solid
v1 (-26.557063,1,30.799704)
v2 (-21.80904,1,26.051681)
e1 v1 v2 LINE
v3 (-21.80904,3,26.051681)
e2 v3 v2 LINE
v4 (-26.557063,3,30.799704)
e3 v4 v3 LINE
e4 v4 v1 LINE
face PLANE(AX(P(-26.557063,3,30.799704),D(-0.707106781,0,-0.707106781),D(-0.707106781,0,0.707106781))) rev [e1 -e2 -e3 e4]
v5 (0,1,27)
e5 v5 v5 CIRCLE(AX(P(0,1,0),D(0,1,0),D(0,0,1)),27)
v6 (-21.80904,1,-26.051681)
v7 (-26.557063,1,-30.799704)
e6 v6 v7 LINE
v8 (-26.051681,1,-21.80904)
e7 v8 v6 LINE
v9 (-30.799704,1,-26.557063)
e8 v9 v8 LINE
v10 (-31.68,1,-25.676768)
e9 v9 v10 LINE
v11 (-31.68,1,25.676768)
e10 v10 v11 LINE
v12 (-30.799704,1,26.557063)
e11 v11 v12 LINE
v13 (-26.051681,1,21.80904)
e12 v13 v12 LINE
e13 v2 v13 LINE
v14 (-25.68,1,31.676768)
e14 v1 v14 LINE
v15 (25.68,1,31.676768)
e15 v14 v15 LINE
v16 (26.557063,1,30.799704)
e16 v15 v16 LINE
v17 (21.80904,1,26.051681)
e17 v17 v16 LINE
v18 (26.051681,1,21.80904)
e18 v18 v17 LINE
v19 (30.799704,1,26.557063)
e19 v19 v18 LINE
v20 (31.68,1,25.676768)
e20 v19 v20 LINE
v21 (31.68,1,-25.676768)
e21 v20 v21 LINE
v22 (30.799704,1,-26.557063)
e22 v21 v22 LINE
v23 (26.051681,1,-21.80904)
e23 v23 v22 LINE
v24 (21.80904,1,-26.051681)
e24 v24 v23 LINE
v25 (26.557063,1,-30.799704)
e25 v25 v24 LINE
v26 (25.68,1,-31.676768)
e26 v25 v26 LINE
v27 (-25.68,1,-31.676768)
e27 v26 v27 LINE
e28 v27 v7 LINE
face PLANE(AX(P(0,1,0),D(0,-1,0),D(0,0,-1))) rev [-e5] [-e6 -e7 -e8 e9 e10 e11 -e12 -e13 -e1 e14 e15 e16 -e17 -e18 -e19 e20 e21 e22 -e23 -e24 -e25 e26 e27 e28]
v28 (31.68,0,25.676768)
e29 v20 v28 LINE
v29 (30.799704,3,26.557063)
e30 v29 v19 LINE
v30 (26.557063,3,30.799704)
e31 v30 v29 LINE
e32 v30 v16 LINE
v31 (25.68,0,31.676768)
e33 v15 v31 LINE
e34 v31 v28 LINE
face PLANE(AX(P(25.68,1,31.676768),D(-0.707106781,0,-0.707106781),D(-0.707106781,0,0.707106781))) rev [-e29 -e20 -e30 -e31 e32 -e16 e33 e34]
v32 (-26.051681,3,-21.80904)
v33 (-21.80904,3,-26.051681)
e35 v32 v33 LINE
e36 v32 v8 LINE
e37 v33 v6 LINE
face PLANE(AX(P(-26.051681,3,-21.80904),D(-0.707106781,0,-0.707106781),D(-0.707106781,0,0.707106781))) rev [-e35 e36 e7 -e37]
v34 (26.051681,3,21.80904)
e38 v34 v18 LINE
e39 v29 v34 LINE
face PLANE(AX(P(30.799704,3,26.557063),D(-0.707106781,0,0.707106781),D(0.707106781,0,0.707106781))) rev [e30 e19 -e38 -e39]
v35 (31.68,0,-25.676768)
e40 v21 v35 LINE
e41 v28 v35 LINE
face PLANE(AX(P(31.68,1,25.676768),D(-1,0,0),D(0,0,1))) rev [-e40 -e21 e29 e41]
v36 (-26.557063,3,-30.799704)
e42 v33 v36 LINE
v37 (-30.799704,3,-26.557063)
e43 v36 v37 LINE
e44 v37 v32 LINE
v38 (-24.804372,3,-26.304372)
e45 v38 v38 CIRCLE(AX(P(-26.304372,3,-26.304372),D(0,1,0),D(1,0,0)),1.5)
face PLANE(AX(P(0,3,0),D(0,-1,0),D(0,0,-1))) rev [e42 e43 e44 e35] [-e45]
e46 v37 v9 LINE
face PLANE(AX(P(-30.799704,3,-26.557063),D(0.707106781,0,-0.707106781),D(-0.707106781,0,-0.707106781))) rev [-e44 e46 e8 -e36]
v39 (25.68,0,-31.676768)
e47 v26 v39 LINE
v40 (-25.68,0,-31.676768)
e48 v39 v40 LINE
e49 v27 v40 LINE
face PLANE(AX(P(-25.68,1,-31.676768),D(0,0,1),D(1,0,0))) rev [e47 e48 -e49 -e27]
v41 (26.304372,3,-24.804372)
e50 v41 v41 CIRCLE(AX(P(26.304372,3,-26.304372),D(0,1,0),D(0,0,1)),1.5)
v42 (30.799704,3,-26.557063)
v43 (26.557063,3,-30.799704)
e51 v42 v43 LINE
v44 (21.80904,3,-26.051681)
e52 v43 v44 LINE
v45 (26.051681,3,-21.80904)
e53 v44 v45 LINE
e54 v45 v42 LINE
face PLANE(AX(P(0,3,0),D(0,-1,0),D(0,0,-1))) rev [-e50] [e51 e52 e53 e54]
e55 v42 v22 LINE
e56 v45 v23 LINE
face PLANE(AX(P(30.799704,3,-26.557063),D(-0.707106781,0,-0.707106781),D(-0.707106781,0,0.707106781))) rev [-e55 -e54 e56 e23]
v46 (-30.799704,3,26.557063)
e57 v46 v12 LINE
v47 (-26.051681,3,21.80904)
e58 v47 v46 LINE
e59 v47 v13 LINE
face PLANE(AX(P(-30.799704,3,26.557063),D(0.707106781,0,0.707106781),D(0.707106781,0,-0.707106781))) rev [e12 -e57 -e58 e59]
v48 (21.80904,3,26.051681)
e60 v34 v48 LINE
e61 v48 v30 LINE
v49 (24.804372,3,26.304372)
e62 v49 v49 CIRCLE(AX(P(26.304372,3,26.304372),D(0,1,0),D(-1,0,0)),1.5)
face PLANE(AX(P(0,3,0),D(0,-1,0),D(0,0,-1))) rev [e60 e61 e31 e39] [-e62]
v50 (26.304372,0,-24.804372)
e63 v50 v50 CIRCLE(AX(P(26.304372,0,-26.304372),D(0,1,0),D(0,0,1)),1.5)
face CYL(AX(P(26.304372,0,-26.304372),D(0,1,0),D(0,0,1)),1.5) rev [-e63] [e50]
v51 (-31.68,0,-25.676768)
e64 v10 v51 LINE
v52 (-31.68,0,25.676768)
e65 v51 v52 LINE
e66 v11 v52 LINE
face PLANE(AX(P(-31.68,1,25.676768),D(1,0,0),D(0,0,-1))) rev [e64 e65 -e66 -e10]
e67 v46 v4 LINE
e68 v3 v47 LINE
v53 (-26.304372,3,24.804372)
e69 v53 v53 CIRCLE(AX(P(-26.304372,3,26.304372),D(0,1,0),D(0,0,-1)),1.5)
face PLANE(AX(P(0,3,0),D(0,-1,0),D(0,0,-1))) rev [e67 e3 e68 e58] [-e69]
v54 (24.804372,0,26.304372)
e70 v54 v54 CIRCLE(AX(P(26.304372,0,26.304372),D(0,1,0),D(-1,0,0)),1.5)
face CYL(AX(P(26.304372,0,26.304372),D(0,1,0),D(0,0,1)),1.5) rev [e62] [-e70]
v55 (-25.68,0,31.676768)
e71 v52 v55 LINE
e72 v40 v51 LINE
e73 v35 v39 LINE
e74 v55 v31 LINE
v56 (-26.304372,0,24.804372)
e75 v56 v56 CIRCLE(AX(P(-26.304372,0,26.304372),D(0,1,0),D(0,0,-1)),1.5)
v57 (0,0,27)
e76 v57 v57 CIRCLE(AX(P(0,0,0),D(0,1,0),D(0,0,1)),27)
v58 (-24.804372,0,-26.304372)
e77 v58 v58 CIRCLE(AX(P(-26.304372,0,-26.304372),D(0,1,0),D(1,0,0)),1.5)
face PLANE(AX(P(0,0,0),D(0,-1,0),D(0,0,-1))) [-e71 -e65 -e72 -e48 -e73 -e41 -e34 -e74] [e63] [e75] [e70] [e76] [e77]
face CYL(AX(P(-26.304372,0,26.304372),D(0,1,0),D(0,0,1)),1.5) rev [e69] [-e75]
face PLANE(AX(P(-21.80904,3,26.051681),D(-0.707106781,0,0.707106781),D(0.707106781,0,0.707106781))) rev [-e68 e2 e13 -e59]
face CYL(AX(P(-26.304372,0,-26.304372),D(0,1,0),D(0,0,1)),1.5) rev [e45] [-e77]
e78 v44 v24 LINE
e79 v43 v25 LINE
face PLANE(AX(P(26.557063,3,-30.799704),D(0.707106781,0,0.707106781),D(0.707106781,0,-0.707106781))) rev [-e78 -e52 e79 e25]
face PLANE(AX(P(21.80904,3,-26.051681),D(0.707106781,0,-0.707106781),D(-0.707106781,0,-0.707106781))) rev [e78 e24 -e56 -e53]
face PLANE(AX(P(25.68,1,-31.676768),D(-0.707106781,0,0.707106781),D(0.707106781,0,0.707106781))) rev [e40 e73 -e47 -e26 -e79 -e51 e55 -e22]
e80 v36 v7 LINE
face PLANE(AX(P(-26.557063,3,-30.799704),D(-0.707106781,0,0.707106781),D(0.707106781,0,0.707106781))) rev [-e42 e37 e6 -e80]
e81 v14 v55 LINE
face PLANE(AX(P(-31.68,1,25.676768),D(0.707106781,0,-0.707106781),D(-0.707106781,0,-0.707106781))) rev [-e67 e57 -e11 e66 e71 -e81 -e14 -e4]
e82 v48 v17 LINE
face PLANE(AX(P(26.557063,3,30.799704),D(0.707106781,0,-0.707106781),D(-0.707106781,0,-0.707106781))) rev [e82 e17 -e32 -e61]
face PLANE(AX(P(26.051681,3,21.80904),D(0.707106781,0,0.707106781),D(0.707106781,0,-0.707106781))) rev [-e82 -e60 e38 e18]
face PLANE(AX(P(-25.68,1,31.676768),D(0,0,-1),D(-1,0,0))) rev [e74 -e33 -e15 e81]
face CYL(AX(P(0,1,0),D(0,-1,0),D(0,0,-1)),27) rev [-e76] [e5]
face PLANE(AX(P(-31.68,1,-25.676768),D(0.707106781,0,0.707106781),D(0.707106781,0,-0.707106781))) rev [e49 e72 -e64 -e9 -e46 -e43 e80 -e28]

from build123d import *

# Parameters (mm, degrees)
SKETCH1_R           = 27
BOSS_EXTRUDE1_DEPTH = 1
BOSS_EXTRUDE3_DEPTH = 2
SKETCH14_R          = 1.5
CUT_EXTRUDE2_DEPTH  = 4
CIRPATTERN2_COUNT   = 4


with BuildPart() as part:
    # Sketch1 → Boss-Extrude1 (new body)
    with BuildSketch(Plane(origin=(0, 0, 0), x_dir=(1, 0, 0), z_dir=(0, 1, 0))):
        Polygon((-31.68, 25.676767512), (-25.68, 31.676767512), (25.68, 31.676767512), (31.68, 25.676767512), (31.68, -25.676767512), (25.68, -31.676767512), (-25.68, -31.676767512), (-31.68, -25.676767512), align=None)
        Circle(SKETCH1_R, mode=Mode.SUBTRACT)
    extrude(amount=BOSS_EXTRUDE1_DEPTH)

    # Sketch2 → Boss-Extrude3 (add)
    with BuildSketch(Plane(origin=(0, 1, 0), x_dir=(1, 0, 0), z_dir=(0, 1, 0))):
        Polygon((26.557063412, 30.799704099), (21.809040421, 26.051681108), (26.051681108, 21.809040421), (30.799704099, 26.557063412), align=None)
        Polygon((30.799704099, -26.557063412), (26.051681108, -21.809040421), (21.809040421, -26.051681108), (26.557063412, -30.799704099), align=None)
        Polygon((-26.557063412, -30.799704099), (-21.809040421, -26.051681108), (-26.051681108, -21.809040421), (-30.799704099, -26.557063412), align=None)
        Polygon((-30.799704099, 26.557063412), (-26.051681108, 21.809040421), (-21.809040421, 26.051681108), (-26.557063412, 30.799704099), align=None)
    extrude(amount=BOSS_EXTRUDE3_DEPTH)

    # Sketch14 → Cut-Extrude2 (cut, through all)
    with BuildSketch(Plane(origin=(0, 3, 0), x_dir=(1, 0, 0), z_dir=(0, 1, 0))):
        with Locations((26.30437226, 26.30437226)):
            Circle(SKETCH14_R)
    cut_extrude2 = extrude(amount=-CUT_EXTRUDE2_DEPTH, mode=Mode.SUBTRACT)

    # CirPattern2: Cut-Extrude2 ×4 about axis
    cirpattern2_axis = Axis((0, 0, 0), (0, 1, 0))
    for i in range(1, CIRPATTERN2_COUNT):
        add(cut_extrude2.rotate(cirpattern2_axis, i * 360 / CIRPATTERN2_COUNT), mode=Mode.SUBTRACT)


solid = part.part
